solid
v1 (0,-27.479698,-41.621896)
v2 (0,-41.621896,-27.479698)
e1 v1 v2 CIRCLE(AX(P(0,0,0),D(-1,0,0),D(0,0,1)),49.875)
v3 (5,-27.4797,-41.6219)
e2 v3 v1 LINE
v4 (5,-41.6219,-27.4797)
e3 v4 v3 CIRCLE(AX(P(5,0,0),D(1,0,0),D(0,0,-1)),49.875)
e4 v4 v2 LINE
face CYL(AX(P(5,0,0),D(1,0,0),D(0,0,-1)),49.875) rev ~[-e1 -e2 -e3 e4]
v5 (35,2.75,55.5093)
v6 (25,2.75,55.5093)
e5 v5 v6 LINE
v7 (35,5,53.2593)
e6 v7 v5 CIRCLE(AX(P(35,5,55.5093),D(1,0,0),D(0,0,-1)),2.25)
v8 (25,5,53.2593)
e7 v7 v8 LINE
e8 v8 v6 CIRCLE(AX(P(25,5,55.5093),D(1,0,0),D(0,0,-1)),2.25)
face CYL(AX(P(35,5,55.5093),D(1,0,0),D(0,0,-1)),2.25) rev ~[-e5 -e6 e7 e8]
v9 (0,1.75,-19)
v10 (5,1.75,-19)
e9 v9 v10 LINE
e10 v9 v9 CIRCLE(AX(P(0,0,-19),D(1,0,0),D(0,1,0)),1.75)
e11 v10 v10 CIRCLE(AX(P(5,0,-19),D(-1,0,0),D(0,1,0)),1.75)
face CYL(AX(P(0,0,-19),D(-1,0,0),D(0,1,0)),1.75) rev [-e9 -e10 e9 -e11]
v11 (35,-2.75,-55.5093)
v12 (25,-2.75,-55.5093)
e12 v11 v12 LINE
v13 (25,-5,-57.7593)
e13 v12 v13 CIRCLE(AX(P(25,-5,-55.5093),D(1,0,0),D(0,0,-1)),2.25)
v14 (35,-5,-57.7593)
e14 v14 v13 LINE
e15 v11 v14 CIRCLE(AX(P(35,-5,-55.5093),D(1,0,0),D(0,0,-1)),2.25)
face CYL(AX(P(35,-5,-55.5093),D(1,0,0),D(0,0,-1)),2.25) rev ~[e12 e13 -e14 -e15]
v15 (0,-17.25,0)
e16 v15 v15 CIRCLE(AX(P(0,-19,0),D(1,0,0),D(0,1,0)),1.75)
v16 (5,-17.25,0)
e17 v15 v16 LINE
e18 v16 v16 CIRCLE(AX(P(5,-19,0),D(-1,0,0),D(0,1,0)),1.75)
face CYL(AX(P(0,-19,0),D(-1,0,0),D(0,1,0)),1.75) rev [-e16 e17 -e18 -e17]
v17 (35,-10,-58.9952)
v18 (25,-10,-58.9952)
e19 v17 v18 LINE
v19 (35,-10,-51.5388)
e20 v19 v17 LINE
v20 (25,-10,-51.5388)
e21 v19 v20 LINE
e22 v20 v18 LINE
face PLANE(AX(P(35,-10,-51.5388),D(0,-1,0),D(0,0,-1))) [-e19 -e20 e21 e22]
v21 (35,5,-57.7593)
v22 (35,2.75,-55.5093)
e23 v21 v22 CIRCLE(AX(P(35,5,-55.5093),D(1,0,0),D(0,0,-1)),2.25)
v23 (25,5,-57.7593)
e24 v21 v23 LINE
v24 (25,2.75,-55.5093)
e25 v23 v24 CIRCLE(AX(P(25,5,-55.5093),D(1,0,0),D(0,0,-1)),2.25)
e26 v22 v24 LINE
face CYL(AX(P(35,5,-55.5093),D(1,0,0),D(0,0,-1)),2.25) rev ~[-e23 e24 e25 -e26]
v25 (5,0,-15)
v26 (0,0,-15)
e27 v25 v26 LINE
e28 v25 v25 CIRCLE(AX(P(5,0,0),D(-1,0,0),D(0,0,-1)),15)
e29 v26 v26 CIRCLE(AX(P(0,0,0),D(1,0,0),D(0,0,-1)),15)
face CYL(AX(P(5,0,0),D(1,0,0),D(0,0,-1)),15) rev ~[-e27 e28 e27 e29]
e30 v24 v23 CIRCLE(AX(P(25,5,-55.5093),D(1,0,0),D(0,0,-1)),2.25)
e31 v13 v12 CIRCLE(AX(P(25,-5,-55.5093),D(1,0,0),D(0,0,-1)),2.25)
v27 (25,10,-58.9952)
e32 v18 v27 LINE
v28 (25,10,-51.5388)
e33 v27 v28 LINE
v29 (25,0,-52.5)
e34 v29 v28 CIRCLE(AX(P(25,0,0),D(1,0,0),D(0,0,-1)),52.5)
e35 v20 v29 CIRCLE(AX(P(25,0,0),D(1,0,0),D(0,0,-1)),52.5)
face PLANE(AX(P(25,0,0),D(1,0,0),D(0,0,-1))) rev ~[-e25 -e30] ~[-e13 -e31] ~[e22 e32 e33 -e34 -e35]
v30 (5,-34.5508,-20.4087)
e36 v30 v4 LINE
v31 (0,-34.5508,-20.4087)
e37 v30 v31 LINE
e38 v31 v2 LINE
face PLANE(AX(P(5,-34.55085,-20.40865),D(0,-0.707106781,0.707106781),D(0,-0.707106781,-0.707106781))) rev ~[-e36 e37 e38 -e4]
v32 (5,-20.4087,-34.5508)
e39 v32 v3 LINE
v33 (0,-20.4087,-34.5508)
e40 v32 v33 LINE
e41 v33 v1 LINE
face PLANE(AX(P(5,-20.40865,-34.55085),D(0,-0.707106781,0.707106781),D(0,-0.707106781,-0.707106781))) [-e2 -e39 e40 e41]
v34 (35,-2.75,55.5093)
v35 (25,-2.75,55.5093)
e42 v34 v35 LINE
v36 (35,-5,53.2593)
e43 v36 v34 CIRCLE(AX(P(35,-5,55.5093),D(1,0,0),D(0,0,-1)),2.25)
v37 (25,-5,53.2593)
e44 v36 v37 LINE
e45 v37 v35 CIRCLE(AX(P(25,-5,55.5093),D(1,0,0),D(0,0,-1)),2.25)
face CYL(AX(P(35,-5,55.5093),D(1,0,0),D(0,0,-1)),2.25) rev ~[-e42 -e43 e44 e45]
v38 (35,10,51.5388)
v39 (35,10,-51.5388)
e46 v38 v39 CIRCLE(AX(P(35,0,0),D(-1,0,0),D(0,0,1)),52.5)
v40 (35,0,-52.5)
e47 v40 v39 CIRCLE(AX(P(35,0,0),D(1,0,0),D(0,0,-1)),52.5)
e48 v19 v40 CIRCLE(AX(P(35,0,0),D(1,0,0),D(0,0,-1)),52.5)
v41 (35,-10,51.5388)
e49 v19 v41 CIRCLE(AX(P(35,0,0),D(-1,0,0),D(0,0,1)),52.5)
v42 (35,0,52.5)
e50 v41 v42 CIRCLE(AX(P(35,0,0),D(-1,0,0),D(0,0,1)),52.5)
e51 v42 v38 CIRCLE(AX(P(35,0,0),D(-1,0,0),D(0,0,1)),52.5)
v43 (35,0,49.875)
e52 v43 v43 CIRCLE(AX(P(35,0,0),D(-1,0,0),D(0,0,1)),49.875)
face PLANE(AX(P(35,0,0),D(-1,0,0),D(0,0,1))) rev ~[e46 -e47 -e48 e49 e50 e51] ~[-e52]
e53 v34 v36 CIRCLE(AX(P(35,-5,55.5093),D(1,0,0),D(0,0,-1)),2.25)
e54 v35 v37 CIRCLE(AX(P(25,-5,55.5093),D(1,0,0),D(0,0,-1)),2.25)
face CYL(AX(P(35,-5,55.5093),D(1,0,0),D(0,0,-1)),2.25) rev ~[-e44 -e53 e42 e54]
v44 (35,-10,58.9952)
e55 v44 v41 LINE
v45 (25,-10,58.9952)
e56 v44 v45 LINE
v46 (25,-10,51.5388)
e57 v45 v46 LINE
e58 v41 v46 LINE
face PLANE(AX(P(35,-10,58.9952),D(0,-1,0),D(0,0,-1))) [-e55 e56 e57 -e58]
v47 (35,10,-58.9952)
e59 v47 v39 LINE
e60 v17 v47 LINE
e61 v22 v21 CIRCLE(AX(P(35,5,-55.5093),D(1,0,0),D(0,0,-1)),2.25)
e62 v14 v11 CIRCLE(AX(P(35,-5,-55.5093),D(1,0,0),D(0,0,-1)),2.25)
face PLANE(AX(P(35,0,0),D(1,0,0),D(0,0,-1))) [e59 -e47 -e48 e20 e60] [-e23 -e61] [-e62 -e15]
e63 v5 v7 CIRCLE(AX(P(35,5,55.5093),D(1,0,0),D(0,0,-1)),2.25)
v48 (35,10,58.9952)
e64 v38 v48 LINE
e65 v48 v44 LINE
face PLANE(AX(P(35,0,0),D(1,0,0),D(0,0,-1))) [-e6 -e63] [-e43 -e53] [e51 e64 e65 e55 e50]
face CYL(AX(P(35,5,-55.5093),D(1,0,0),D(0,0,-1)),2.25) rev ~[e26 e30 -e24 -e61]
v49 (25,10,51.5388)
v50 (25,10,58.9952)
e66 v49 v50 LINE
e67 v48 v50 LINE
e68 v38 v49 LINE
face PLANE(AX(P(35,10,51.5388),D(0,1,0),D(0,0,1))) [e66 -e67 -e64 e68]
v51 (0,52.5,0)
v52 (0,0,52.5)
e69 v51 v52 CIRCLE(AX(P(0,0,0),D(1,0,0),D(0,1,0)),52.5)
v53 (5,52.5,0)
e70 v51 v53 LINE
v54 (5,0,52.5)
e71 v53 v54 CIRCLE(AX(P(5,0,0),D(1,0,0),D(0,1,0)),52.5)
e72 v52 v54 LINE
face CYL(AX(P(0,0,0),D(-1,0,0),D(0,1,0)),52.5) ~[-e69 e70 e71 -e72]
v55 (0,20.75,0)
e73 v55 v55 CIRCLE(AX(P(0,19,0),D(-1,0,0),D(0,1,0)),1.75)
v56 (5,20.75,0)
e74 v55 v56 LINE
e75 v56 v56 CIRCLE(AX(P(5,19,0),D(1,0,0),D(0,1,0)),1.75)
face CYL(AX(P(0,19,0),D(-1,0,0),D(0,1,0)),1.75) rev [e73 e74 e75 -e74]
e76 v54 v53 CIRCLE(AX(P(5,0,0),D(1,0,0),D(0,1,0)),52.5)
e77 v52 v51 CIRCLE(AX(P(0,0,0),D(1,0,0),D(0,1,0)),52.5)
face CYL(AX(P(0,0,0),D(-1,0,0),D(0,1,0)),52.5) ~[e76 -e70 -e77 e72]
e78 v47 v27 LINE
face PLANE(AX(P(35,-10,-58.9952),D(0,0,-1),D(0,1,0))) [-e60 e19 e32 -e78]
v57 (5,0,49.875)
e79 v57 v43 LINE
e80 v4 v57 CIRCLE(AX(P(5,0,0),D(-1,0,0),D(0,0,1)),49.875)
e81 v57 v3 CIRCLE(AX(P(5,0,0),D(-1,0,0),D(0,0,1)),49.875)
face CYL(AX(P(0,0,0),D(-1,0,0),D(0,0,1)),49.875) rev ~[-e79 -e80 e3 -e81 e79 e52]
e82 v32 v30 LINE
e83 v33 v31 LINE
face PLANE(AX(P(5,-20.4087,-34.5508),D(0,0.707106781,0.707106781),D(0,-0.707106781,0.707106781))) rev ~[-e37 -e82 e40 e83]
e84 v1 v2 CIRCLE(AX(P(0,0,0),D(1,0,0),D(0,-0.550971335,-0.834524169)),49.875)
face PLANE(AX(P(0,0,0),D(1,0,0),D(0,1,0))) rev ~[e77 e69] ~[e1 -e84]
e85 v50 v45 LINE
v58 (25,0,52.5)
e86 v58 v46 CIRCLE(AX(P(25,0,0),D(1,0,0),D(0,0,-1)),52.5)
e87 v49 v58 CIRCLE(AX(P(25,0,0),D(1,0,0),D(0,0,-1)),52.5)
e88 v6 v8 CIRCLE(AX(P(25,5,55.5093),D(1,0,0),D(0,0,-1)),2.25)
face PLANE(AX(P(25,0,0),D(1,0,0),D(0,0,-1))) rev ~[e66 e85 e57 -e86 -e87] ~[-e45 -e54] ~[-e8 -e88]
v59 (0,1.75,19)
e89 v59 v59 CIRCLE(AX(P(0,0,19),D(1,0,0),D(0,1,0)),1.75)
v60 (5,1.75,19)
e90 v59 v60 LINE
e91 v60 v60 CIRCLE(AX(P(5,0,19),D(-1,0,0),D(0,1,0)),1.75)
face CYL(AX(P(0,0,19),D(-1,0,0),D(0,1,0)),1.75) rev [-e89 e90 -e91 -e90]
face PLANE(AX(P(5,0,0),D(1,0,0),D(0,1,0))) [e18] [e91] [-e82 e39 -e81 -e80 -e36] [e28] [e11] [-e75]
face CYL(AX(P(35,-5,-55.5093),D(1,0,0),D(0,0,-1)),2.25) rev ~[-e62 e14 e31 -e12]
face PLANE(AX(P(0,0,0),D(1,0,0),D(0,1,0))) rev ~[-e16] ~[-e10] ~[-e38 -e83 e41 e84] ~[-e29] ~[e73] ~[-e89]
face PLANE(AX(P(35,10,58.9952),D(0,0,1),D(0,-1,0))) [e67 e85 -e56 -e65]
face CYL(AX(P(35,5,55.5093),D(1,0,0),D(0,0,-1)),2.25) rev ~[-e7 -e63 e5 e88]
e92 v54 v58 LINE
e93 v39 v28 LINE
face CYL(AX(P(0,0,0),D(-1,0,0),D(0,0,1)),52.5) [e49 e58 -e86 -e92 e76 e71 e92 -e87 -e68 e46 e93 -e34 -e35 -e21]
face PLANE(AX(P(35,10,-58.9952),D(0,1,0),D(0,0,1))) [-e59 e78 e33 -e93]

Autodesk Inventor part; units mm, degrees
ref_plane "YZ Plane" through (0, 0, 0) normal (1, 0, 0) x (0, 1, 0)
ref_plane "XZ Plane" through (0, 0, 0) normal (0, 1, 0) x (-1, 0, 0)
ref_plane "XY Plane" through (0, 0, 0) normal (0, 0, 1) x (1, 0, 0)
sketch "Sketch1" plane through (0, 0, 0) normal (1, 0, 0) x (0, 1, 0)
  circle A0 centre (0, 0) radius 19
  circle A1 centre (0, -19) radius 1.75
  circle A2 centre (19, 0) radius 1.75
  circle A3 centre (0, 19) radius 1.75
  circle A4 centre (-19, 0) radius 1.75
  circle A5 centre (0, 0) radius 52.5
  circle A6 centre (0, 0) radius 40
  dimension "d0" = 38
  dimension "d1" = 3.5
  dimension "d4" = 360
  dimension "d6" = 105
  dimension "d7" = 80
extrude "Extrusion1" add sketch "Sketch1" along normal blind 5 contours A2 A0 A1 A4 A3 | A5 | A6
sketch "Sketch2" plane through (0, 0, 0) normal (-1, 0, 0) x (0, 0, 1)
  circle A0 centre (0, 0) radius 52.5
  circle A1 centre (0, 0) radius 49.875
  dimension "d10" = 105
extrude "Extrusion2" add sketch "Sketch2" against normal blind 35
sketch "Sketch3" plane through (35, 0, 0) normal (1, 0, 0) x (0, 0, -1)
  circle A0 centre (0, 0) radius 52.5
  circle A1 centre (0, 0) radius 47.5 projected
  line L0 (-48.9952, 10) -> (-58.9952, 10)
  line L1 (-58.9952, 10) -> (-58.9952, -10)
  line L2 (-58.9952, -10) -> (-51.5388, -10)
  line L3 (-48.9952, 10) -> (-51.5388, 10)
  line L4 (-47.5, 0) -> (-55.5093, 0)
  line L5 (-55.5093, 0) -> (-55.5093, 5)
  circle A2 centre (-55.5093, 5) radius 2.25
  line L6 (-55.5093, 0) -> (-55.5093, -5)
  circle A3 centre (-55.5093, -5) radius 2.25
  line L7 (48.9952, -10) -> (58.9952, -10)
  line L8 (58.9952, -10) -> (58.9952, 10)
  line L9 (58.9952, 10) -> (51.5388, 10)
  line L10 (48.9952, -10) -> (51.5388, -10)
  line L11 (47.5, 0) -> (55.5093, 0)
  line L12 (55.5093, 0) -> (55.5093, -5)
  circle A4 centre (55.5093, -5) radius 2.25
  line L13 (55.5093, 0) -> (55.5093, 5)
  circle A5 centre (55.5093, 5) radius 2.25
  point P0 (51.5388, -10)
  point P1 (47.2562, -4.8066)
  point P2 (47.2562, 4.8066)
  point P3 (51.5388, -10)
  point P4 (-47.2562, 4.8066)
  point P5 (-47.2562, -4.8066)
  dimension "d14" = 10
  dimension "d15" = 20
  dimension "d17" = 5
  dimension "d18" = 4.5
  dimension "d19" = 5
  dimension "d20" = 4.5
  dimension "d23" = 360
  dimension "d33" = 105
extrude "Extrusion3" add sketch "Sketch3" against normal blind 10 contours A0 L9 L8 L7 | A0 L2 L1 L0
sketch "Sketch4" plane through (5, 0, 0) normal (1, 0, 0) x (0, 0, -1)
  circle A0 centre (0, 0) radius 15
  line L0 (0, 0) -> (7.0711, 7.0711)
  line L1 (0, 0) -> (10, 0) construction
  line L2 (7.0711, 7.0711) -> (41.6219, -27.4797)
  circle A1 centre (0, 0) radius 49.875 projected
  line L3 (0, 0) -> (-7.0711, -7.0711)
  line L4 (-7.0711, -7.0711) -> (27.4797, -41.6219)
  line L5 (41.6219, -27.4797) -> (34.5508, -20.4087)
  line L6 (34.5508, -20.4087) -> (20.4087, -34.5508)
  point P0 (0.8346, -14.9768)
  point P1 (14.9768, -0.8346)
  point P2 (48.8622, 10)
  point P3 (-48.8622, 10)
  dimension "d27" = 30
  dimension "d28" = 10
  dimension "d29" = 45
  dimension "d30" = 10
  dimension "d34" = 10
extrude "Extrusion4" cut sketch "Sketch4" against normal blind 10 contours A0 L2 L0 L3 L4 | L4 L3 L0 L2 A0 | L6 L2 A1 L4
equation "\"BendRadius\" = Thickness"
equation "\"BendReliefWidth\" = Thickness"
equation "\"BendReliefDepth\" = 0.5 * Thickness"
equation "\"CornerReliefSize\" = 4 * Thickness"
equation "\"MinimumRemnant\" = 2 * Thickness"
equation "\"TransitionRadius\" = BendRadius"
equation "\"JacobiRadiusSize\" = BendRadius"
equation "\"GapSize\" = Thickness"
equation "\"Thickness\" = 0.5"
properties part number "MotorHouse"
